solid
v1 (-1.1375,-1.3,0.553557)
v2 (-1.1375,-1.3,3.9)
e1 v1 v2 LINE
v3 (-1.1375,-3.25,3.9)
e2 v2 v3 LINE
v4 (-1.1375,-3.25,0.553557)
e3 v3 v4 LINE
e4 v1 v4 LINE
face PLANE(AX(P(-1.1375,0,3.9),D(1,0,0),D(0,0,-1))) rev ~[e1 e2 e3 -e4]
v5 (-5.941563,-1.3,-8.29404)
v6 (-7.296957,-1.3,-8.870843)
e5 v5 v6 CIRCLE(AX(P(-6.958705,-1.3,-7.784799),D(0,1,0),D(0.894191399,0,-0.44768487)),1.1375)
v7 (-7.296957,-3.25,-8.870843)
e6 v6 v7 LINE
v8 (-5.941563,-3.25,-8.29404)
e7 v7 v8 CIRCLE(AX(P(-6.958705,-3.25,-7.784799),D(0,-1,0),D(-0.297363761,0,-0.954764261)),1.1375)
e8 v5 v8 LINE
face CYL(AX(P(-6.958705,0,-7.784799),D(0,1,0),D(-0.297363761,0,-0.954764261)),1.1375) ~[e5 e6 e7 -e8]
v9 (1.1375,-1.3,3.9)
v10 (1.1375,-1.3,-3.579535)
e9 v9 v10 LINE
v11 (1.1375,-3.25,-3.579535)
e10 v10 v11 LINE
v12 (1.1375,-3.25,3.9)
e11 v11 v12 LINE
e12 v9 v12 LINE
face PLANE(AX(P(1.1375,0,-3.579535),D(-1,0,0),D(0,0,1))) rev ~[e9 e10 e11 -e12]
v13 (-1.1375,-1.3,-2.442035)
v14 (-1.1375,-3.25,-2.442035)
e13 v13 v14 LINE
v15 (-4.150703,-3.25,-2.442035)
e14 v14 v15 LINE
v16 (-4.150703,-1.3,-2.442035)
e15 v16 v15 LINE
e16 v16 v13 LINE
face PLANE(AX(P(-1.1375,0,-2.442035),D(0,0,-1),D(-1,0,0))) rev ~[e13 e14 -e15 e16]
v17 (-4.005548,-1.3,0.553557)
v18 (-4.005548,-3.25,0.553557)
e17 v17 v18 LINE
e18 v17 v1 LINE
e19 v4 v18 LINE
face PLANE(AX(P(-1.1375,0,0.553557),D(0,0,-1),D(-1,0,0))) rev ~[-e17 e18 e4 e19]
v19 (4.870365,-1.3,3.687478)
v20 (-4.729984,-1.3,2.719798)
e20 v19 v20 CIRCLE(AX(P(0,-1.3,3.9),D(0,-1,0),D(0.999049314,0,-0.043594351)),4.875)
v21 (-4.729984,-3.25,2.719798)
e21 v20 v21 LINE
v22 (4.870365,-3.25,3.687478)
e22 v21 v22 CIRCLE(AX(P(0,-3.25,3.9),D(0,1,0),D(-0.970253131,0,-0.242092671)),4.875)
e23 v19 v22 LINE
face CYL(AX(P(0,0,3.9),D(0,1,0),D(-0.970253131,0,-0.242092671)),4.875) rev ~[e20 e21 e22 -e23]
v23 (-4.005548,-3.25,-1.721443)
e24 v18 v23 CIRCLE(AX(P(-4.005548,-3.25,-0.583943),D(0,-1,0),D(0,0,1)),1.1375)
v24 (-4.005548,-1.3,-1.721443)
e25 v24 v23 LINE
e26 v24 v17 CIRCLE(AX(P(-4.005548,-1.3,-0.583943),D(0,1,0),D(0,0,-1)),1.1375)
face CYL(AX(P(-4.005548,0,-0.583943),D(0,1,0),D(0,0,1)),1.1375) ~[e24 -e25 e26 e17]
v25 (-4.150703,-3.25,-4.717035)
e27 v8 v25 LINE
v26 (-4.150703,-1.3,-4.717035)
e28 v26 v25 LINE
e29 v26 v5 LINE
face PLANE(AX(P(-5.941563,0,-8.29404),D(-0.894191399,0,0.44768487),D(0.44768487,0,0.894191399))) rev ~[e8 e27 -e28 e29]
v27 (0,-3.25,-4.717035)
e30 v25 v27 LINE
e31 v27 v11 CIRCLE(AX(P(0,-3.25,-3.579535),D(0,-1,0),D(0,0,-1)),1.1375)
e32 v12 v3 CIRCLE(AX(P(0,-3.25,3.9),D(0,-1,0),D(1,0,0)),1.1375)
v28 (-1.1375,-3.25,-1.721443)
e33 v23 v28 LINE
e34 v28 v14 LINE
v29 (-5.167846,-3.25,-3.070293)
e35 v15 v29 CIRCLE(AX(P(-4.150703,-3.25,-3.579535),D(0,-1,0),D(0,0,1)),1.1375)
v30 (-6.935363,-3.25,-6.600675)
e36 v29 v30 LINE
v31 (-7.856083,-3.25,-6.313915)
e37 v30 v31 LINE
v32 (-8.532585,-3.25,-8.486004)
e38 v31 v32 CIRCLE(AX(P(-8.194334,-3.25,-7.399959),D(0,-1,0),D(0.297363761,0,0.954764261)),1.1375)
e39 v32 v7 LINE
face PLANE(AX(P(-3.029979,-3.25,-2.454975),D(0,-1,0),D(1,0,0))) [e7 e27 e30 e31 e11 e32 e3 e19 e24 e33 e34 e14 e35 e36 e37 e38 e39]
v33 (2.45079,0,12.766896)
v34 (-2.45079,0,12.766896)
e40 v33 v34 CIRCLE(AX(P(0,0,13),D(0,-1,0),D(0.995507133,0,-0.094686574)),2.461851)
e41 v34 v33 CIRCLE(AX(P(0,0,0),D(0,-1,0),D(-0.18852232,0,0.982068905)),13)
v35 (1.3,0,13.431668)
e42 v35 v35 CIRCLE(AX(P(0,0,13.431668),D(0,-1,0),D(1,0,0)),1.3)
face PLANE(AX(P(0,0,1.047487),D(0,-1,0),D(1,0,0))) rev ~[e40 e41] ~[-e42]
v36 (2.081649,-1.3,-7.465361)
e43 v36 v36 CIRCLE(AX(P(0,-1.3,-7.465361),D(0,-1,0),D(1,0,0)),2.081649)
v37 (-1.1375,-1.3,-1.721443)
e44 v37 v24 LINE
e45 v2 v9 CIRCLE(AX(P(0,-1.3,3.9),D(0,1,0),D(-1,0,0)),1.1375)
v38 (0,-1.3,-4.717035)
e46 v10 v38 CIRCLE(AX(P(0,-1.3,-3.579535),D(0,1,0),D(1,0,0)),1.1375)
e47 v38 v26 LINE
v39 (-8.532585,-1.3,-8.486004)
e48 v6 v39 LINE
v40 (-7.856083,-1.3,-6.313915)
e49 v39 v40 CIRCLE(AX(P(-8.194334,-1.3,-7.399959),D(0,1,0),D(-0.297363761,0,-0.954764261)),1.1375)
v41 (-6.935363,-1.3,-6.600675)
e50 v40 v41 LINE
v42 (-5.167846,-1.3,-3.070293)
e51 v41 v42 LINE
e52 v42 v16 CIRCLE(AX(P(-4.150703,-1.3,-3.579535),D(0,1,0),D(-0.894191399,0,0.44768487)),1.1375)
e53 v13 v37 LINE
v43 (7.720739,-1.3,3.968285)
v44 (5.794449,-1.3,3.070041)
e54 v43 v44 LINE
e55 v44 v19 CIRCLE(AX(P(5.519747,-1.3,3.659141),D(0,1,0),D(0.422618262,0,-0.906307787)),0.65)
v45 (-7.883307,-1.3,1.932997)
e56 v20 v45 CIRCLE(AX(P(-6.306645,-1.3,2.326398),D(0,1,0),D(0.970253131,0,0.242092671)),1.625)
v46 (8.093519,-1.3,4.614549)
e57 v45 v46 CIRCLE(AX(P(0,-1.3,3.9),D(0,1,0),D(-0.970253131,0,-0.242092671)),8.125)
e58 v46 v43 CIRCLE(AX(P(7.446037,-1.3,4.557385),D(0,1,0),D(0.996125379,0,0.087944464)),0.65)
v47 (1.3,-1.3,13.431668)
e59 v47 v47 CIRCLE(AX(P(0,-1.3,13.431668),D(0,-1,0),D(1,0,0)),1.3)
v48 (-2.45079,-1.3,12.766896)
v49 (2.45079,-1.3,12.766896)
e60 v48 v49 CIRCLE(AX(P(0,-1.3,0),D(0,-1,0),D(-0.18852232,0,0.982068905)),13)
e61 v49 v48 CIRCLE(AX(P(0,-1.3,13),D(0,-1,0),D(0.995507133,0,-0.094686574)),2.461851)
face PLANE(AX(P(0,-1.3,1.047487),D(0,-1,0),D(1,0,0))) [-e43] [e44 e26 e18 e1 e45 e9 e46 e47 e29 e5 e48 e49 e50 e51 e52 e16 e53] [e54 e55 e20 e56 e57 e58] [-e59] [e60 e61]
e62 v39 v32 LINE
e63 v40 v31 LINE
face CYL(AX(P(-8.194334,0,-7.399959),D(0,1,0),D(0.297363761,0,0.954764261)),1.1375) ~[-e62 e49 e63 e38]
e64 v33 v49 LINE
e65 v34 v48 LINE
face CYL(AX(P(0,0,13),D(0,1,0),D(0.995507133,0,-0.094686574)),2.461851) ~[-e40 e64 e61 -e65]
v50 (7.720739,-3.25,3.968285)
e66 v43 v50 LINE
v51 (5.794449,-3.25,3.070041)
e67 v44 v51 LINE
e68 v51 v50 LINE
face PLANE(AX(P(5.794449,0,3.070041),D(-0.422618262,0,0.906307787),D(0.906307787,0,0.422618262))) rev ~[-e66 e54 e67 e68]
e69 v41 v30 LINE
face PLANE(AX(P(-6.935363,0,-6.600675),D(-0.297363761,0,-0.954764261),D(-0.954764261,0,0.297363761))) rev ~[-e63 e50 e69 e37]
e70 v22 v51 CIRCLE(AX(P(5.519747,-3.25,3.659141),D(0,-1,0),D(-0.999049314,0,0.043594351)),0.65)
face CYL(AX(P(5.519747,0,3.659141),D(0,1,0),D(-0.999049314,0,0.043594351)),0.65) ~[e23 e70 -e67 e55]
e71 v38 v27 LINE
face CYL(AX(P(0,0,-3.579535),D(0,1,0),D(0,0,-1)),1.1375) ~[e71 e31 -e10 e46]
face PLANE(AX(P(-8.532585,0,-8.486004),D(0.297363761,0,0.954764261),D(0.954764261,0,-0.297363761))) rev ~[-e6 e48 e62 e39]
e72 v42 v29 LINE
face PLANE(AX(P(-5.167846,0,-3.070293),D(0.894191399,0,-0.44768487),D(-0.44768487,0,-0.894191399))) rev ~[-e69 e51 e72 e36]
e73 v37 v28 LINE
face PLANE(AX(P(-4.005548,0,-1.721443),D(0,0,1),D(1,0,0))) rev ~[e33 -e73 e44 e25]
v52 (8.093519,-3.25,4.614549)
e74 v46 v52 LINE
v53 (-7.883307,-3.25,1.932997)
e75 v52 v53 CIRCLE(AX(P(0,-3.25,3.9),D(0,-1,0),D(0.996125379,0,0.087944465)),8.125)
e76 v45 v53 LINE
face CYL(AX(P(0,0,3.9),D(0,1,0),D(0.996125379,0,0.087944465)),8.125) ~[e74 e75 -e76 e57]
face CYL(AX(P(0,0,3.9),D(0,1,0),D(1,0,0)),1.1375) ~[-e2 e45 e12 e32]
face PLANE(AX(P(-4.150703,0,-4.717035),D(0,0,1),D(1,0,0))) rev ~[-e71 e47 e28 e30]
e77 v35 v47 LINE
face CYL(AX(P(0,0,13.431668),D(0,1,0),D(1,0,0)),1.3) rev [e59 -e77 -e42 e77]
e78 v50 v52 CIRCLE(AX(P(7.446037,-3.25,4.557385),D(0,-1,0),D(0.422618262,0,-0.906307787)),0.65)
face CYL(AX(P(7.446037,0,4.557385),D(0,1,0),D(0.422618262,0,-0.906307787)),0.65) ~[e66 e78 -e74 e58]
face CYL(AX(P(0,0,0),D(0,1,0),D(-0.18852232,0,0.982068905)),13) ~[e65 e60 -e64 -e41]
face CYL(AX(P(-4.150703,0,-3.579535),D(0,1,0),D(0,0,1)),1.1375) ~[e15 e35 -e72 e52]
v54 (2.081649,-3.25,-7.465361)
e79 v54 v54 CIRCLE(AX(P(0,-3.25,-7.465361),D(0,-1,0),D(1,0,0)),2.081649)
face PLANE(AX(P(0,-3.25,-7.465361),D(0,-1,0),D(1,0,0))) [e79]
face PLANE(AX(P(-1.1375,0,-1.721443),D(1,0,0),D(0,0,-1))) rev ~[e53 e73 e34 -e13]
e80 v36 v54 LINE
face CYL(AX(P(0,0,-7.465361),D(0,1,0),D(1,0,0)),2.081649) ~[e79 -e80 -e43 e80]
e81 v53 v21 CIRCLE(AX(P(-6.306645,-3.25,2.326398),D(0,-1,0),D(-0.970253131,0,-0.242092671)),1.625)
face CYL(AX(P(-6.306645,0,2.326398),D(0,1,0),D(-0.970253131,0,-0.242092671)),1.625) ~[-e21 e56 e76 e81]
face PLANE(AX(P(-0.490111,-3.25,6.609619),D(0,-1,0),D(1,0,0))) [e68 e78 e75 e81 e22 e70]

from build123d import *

# Parameters (mm, degrees)
F1_DEPTH = 5
F0_R     = 3.20253673
F0_R_2   = 2
F2_DEPTH = 2
F3_SCALE = 0.65


with BuildPart() as f1:
    # F0 (on Front) → F1 (new body)
    with BuildSketch(Plane.XZ):
        with BuildLine():
            ThreePointArc((11.8780601229, 6.1050535555), (12.3216651376, 6.5117042248), (12.4515672404, 7.0993058071))
            ThreePointArc((12.4515672404, 7.0993058071), (-2.0690604399, 18.3275702755), (-12.1281641394, 2.9738416091))
            ThreePointArc((-12.1281641394, 2.9738416091), (-9.0972996334, 1.1534404594), (-7.2768984837, 4.1843049654))
            ThreePointArc((-7.2768984837, 4.1843049654), (-0.7521606693, 13.4621883069), (7.4928698579, 5.6730423685))
            ThreePointArc((7.4928698579, 5.6730423685), (7.9363593577, 4.797971444), (8.914537434, 4.7231402306))
            Line((8.914537434, 4.7231402306), (11.8780601229, 6.1050535555))
        make_face()
    extrude(amount=F1_DEPTH)



with BuildPart() as f1b:
    # F0 (on Front) → F1, piece 2 (new body)
    with BuildSketch(Plane.XZ):
        with BuildLine():
            Line((1.75, -5.5069764979), (1.75, 6))
            ThreePointArc((1.75, 6), (0, 7.75), (-1.75, 6))
            Line((-1.75, 6), (-1.75, 0.8516268172))
            Line((-1.75, 0.8516268172), (-6.1623816362, 0.8516268172))
            ThreePointArc((-6.1623816362, 0.8516268172), (-7.9123816362, -0.8983731828), (-6.1623816362, -2.6483731828))
            Line((-6.1623816362, -2.6483731828), (-1.75, -2.6483731828))
            Line((-1.75, -2.6483731828), (-1.75, -3.7569764979))
            Line((-1.75, -3.7569764979), (-6.3856970519, -3.7569764979))
            ThreePointArc((-6.3856970519, -3.7569764979), (-7.3053342322, -4.0180952211), (-7.9505319996, -4.7235279761))
            Line((-7.9505319996, -4.7235279761), (-10.669789277, -10.1548852399))
            Line((-10.669789277, -10.1548852399), (-12.0862811892, -9.7137152259))
            ThreePointArc((-12.0862811892, -9.7137152259), (-14.2775052272, -10.8641661007), (-13.1270543524, -13.0553901387))
            Line((-13.1270543524, -13.0553901387), (-11.2260873483, -13.6474511541))
            ThreePointArc((-11.2260873483, -13.6474511541), (-10.0204395919, -13.5868674423), (-9.140865819, -12.7600622194))
            Line((-9.140865819, -12.7600622194), (-6.3856970519, -7.2569764979))
            Line((-6.3856970519, -7.2569764979), (0, -7.2569764979))
            ThreePointArc((0, -7.2569764979), (1.2374368671, -6.744413365), (1.75, -5.5069764979))
        make_face()
    extrude(amount=F1_DEPTH)


with BuildPart() as f1c:
    # F0 (on Front) → F1, piece 3 (new body)
    with BuildSketch(Plane.XZ):
        with Locations((0, -11.4851715043)):
            Circle(F0_R)
    extrude(amount=F1_DEPTH)


with BuildPart() as f1_1:
    add(f1.part)

    add(f1b.part)  # F2 merges F1b

    add(f1c.part)  # F2 merges F1c
    # F0 (on Front) → F2 (join)
    with BuildSketch(Plane.XZ):
        with BuildLine():
            ThreePointArc((3.7704463979, 19.6413781075), (0, 23.7874629637), (-3.7704463979, 19.6413781075))
            ThreePointArc((-3.7704463979, 19.6413781075), (0, -20), (3.7704463979, 19.6413781075))
        make_face()
        with Locations((0, -11.4851715043)):
            Circle(F0_R, mode=Mode.SUBTRACT)
        with BuildLine():
            ThreePointArc((-1.75, 6), (0, 7.75), (1.75, 6))
            Line((1.75, 6), (1.75, -5.5069764979))
            ThreePointArc((1.75, -5.5069764979), (1.2374368671, -6.744413365), (0, -7.2569764979))
            Line((0, -7.2569764979), (-6.3856970519, -7.2569764979))
            Line((-6.3856970519, -7.2569764979), (-9.140865819, -12.7600622194))
            ThreePointArc((-9.140865819, -12.7600622194), (-10.0204395919, -13.5868674423), (-11.2260873483, -13.6474511541))
            Line((-11.2260873483, -13.6474511541), (-13.1270543524, -13.0553901387))
            ThreePointArc((-13.1270543524, -13.0553901387), (-14.2775052272, -10.8641661007), (-12.0862811892, -9.7137152259))
            Line((-12.0862811892, -9.7137152259), (-10.669789277, -10.1548852399))
            Line((-10.669789277, -10.1548852399), (-7.9505319996, -4.7235279761))
            ThreePointArc((-7.9505319996, -4.7235279761), (-7.3053342322, -4.0180952211), (-6.3856970519, -3.7569764979))
            Line((-6.3856970519, -3.7569764979), (-1.75, -3.7569764979))
            Line((-1.75, -3.7569764979), (-1.75, -2.6483731828))
            Line((-1.75, -2.6483731828), (-6.1623816362, -2.6483731828))
            ThreePointArc((-6.1623816362, -2.6483731828), (-7.9123816362, -0.8983731828), (-6.1623816362, 0.8516268172))
            Line((-6.1623816362, 0.8516268172), (-1.75, 0.8516268172))
            Line((-1.75, 0.8516268172), (-1.75, 6))
        make_face(mode=Mode.SUBTRACT)
        with BuildLine():
            ThreePointArc((-12.1281641394, 2.9738416091), (-2.0690604399, 18.3275702755), (12.4515672404, 7.0993058071))
            ThreePointArc((12.4515672404, 7.0993058071), (12.3216651376, 6.5117042248), (11.8780601229, 6.1050535555))
            Line((11.8780601229, 6.1050535555), (8.914537434, 4.7231402306))
            ThreePointArc((8.914537434, 4.7231402306), (7.9363593577, 4.797971444), (7.4928698579, 5.6730423685))
            ThreePointArc((7.4928698579, 5.6730423685), (-0.7521606693, 13.4621883069), (-7.2768984837, 4.1843049654))
            ThreePointArc((-7.2768984837, 4.1843049654), (-9.0972996334, 1.1534404594), (-12.1281641394, 2.9738416091))
        make_face(mode=Mode.SUBTRACT)
        with Locations((0, 20.6641051918)):
            Circle(F0_R_2, mode=Mode.SUBTRACT)
    extrude(amount=F2_DEPTH)


with BuildPart() as f1_2:
    # F3: moved
    add(f1_1.part.scale(F3_SCALE).moved(Location((0, 0, 0))))


solid = f1_2.part
